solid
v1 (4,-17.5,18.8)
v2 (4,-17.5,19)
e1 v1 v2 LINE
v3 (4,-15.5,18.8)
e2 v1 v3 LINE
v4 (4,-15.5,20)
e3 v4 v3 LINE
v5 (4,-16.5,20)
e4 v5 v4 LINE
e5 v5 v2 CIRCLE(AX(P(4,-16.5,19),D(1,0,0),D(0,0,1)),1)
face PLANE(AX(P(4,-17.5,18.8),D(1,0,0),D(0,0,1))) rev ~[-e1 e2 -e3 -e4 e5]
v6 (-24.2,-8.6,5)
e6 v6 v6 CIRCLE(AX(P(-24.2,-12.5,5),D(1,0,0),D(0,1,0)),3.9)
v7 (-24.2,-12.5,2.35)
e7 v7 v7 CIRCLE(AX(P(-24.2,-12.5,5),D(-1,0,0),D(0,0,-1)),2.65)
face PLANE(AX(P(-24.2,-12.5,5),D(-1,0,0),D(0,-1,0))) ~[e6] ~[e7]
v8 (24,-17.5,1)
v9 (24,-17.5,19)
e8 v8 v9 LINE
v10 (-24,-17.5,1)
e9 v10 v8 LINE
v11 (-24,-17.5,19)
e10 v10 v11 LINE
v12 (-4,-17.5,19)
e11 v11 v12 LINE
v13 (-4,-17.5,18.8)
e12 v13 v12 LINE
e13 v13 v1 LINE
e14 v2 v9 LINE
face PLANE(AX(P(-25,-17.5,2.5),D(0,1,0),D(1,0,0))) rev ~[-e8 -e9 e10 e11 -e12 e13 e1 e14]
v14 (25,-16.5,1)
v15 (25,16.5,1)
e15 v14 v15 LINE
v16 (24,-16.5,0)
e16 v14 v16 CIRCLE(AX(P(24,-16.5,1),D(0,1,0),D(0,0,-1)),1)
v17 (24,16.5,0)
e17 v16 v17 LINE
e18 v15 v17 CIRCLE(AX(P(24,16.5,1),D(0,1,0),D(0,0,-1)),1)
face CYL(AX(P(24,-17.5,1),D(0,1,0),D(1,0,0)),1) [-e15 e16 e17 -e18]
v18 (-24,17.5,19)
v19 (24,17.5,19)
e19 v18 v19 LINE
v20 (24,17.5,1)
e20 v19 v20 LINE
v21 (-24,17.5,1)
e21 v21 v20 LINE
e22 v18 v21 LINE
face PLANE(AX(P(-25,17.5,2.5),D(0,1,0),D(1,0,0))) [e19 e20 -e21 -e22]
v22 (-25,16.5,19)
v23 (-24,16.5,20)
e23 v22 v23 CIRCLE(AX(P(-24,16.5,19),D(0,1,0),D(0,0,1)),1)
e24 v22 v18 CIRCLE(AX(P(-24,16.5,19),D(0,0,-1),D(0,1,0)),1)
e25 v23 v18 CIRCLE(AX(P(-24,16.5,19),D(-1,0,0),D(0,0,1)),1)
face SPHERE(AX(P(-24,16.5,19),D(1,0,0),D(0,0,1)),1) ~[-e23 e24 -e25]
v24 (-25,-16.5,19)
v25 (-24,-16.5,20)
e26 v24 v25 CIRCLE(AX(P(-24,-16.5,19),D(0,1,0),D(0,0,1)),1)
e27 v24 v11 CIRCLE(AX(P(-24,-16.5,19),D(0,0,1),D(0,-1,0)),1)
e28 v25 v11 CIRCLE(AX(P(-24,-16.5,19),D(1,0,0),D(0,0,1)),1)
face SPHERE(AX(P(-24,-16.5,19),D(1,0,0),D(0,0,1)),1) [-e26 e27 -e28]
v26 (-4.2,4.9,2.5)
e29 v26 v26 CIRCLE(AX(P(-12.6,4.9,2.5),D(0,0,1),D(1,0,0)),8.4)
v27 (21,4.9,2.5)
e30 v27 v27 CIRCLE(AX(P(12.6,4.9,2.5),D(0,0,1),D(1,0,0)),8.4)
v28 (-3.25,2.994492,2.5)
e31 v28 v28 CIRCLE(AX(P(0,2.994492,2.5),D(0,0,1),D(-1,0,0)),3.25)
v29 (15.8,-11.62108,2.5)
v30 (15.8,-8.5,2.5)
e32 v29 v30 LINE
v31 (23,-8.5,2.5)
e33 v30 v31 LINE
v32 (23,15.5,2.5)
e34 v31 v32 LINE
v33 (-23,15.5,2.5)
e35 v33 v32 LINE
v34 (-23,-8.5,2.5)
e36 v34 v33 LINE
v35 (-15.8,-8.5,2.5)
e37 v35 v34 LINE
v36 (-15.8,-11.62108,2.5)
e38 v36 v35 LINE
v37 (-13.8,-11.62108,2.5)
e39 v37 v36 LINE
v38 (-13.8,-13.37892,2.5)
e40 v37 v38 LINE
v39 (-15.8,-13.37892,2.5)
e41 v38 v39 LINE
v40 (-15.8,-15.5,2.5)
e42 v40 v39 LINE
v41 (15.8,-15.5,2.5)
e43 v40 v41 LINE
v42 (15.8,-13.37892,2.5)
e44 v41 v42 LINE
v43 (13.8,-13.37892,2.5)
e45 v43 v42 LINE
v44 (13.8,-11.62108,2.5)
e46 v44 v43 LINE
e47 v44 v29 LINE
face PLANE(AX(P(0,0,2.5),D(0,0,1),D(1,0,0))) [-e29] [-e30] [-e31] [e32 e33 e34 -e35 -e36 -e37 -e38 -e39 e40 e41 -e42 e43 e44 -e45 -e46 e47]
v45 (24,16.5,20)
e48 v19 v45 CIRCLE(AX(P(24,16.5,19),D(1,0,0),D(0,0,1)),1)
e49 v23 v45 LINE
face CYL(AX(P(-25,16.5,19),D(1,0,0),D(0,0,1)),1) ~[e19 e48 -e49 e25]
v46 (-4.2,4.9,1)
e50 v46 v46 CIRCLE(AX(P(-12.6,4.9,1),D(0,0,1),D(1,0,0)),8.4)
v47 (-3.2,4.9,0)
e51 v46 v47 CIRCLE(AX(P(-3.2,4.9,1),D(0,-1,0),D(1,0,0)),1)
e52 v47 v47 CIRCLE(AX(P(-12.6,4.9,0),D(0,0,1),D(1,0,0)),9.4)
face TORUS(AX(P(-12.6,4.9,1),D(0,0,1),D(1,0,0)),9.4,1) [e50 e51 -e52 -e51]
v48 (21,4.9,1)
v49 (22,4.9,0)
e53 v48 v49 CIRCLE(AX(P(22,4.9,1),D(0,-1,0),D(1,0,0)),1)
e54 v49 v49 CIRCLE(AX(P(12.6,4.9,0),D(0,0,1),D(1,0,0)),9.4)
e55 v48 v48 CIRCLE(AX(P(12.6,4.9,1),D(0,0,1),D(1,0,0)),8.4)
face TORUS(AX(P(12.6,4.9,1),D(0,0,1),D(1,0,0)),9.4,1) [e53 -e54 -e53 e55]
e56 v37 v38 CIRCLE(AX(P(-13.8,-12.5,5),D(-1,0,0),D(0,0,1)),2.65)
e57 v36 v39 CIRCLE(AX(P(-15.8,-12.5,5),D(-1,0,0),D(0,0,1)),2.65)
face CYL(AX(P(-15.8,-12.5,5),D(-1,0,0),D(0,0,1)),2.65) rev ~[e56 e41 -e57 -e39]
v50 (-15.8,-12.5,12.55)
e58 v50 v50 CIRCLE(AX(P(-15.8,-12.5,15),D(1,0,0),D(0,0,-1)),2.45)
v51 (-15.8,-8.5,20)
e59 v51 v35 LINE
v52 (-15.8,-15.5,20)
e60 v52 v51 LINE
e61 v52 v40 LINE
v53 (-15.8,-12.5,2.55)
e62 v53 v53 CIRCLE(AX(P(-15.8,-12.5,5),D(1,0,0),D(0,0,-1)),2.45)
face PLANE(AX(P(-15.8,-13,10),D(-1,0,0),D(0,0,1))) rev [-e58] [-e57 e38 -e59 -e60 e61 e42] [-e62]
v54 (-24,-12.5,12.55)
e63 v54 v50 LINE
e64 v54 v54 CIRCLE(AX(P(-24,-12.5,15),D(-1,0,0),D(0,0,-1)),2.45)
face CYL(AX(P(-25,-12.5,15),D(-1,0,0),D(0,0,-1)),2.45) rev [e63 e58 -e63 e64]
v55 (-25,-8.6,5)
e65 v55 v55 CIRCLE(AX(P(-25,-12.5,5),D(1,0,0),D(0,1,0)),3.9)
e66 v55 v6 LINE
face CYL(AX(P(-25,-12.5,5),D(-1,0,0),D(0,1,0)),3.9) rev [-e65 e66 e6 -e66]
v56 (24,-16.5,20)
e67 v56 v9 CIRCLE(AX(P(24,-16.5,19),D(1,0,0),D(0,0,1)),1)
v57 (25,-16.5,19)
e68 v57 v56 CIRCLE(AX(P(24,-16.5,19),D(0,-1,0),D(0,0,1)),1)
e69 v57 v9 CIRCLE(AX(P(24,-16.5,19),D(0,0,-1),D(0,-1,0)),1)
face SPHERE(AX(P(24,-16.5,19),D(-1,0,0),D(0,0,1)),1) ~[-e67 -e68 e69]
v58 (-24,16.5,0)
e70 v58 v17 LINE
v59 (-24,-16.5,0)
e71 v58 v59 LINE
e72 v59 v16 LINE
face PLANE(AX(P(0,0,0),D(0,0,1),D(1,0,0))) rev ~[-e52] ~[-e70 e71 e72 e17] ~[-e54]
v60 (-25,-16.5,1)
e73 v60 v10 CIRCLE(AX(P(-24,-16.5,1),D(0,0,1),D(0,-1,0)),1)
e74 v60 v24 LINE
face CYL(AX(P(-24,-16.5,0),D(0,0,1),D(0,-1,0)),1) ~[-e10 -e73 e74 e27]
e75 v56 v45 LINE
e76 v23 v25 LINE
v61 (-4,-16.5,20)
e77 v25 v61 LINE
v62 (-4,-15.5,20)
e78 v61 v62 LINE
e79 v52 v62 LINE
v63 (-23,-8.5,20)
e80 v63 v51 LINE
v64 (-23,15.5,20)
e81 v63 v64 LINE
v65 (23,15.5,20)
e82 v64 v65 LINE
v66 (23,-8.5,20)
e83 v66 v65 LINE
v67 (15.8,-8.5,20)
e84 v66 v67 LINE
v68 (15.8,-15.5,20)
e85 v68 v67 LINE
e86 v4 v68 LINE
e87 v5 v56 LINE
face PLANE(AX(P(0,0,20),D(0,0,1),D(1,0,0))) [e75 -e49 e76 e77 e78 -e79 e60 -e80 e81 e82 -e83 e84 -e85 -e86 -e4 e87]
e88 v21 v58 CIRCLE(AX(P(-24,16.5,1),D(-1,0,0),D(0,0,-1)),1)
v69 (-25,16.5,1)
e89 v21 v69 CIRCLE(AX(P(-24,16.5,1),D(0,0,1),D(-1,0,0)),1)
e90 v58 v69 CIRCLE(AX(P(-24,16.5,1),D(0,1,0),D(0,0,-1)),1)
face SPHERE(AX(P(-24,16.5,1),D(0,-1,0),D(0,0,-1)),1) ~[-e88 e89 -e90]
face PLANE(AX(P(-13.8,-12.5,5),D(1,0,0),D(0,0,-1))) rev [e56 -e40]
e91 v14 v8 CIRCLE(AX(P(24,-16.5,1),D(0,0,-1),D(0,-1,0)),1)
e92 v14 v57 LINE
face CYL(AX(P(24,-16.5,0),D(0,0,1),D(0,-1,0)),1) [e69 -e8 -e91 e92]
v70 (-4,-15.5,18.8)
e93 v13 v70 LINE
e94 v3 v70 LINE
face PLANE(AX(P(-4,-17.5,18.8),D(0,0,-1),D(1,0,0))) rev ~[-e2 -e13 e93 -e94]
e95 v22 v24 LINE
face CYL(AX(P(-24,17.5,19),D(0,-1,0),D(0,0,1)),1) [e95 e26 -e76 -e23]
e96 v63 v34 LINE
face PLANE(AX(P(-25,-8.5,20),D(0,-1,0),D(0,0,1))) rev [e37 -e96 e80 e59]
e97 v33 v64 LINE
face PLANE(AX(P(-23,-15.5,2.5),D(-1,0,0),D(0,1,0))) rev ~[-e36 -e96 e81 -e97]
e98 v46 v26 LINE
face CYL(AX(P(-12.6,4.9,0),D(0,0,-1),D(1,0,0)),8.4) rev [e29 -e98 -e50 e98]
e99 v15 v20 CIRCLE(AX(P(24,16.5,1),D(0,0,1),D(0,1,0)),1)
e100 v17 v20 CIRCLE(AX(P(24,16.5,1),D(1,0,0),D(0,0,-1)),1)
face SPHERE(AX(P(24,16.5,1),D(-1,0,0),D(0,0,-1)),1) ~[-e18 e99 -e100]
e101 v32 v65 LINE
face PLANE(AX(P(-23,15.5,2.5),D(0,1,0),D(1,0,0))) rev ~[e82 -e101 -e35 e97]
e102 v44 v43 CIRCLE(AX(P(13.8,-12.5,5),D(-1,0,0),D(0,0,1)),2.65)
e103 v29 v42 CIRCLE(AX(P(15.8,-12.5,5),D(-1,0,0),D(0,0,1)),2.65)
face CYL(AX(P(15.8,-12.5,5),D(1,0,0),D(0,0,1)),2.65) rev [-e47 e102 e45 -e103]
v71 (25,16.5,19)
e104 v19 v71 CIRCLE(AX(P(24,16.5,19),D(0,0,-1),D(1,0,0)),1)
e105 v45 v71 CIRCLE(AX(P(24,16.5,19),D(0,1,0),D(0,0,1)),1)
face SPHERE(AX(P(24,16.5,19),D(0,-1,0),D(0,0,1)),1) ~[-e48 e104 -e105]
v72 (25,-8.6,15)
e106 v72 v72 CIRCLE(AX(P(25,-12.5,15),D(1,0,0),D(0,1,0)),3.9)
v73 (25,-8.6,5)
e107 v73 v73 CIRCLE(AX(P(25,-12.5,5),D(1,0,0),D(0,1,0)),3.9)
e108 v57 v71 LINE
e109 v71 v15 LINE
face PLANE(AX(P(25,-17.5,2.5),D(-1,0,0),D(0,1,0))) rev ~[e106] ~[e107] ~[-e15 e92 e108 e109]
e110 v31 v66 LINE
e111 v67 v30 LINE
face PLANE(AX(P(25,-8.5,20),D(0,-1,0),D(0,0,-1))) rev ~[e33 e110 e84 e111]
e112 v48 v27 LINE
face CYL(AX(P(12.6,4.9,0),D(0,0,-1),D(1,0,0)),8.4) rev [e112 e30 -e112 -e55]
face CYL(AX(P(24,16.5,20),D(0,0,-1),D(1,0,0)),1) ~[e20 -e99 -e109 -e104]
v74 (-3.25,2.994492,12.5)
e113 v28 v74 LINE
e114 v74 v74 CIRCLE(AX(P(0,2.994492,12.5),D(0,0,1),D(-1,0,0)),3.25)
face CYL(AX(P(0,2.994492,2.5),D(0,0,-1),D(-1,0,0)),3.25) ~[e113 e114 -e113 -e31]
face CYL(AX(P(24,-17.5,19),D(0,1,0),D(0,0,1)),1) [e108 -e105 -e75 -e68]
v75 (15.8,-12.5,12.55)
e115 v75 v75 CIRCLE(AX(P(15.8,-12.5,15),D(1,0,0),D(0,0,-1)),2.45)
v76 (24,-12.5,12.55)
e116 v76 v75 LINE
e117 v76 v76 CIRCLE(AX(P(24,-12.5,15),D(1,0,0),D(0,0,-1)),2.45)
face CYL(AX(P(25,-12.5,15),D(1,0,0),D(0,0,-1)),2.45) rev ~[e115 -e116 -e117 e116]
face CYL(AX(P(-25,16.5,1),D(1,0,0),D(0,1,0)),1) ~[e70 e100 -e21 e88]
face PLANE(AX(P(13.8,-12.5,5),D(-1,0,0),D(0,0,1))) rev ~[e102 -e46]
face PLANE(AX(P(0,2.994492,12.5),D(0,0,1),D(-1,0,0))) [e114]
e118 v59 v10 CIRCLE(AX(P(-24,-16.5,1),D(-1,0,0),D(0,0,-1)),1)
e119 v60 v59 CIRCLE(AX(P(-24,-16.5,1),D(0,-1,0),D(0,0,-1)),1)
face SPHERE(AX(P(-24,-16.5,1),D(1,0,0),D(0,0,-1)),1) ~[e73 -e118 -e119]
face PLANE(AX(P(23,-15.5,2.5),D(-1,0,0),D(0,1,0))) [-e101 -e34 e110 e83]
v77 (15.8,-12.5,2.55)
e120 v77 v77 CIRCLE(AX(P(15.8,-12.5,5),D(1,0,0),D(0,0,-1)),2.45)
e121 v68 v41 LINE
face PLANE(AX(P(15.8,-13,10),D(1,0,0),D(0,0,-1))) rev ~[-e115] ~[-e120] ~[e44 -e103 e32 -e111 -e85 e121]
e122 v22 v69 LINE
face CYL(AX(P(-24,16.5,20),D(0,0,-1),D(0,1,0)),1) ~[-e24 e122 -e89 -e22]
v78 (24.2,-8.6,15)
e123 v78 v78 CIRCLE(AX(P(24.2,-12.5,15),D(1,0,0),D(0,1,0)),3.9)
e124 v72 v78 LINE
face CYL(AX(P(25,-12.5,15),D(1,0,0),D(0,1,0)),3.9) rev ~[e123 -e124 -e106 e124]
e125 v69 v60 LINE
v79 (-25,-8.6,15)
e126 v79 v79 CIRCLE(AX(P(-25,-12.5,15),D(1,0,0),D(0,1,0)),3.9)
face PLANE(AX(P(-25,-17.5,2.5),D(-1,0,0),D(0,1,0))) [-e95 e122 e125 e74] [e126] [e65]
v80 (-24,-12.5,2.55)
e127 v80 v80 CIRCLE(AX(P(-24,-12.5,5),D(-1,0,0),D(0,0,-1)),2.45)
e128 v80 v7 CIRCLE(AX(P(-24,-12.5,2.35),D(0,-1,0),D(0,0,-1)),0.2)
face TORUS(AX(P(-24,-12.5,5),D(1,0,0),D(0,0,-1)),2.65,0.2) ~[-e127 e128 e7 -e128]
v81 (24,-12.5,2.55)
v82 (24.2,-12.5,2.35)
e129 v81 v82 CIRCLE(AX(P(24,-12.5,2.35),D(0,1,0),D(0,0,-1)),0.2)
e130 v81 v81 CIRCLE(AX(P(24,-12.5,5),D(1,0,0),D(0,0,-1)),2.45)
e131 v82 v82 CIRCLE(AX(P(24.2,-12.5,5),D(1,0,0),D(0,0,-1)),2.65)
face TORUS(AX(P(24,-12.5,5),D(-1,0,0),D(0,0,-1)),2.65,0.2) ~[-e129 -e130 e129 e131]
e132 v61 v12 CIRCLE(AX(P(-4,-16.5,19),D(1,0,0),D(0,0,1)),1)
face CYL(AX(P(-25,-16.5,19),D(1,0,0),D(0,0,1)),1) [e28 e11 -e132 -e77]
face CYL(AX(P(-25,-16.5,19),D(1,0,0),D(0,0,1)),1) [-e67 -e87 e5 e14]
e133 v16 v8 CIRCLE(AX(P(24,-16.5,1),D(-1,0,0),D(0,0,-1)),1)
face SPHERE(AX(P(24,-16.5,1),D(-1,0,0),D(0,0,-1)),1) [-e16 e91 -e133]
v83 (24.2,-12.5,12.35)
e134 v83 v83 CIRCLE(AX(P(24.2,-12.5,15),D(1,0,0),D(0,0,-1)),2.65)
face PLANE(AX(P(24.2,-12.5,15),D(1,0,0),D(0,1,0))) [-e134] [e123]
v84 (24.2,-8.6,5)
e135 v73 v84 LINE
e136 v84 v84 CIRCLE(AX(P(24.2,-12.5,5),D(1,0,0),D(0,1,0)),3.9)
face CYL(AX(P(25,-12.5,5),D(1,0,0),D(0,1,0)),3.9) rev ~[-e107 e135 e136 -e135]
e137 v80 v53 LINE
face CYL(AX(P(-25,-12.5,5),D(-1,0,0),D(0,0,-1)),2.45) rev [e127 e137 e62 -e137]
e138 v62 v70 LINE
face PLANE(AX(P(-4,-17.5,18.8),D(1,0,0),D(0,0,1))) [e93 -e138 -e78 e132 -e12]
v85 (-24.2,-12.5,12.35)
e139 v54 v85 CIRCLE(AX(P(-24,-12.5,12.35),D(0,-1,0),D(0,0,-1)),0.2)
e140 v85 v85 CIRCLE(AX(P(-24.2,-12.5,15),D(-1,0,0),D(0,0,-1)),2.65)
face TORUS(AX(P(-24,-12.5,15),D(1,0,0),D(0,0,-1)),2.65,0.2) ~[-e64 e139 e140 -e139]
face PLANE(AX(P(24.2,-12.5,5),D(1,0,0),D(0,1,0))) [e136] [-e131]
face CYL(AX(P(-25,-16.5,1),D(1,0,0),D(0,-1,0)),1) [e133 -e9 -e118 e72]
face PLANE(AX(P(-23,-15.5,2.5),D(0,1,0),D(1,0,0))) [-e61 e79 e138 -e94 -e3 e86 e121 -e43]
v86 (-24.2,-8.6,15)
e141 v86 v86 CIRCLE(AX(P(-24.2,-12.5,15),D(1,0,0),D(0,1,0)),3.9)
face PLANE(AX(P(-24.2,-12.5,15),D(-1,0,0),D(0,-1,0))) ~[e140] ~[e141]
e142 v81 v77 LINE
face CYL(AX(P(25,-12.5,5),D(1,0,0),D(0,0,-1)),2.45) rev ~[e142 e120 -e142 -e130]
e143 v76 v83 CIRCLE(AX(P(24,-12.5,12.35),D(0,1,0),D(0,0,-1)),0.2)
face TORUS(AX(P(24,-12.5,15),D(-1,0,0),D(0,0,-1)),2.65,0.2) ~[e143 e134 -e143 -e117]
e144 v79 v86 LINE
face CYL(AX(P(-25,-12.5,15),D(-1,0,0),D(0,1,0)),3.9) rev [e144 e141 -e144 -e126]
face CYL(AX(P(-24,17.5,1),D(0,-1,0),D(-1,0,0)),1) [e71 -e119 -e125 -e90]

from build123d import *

# Parameters (mm, degrees)
SKETCH1_W            = 50
SKETCH1_H            = 35
SKETCH1_R            = 8.4
BOSS_EXTRUDE1_DEPTH  = 2.5
SKETCH2_W            = 50
SKETCH2_H            = 35
SKETCH2_W_2          = 46
SKETCH2_H_2          = 31
BOSS_EXTRUDE2_DEPTH  = 17.5
SKETCH3_R            = 3.25
BOSS_EXTRUDE3_DEPTH  = 10
SKETCH5_W            = 20
SKETCH5_H            = 9
BOSS_EXTRUDE4_DEPTH  = 9.2
SKETCH4_R            = 2.45
CUT_EXTRUDE1_DEPTH   = 9.2
SKETCH6_R            = 2.65
CUT_EXTRUDE2_DEPTH   = 2
SKETCH7_R            = 3.9
CUT_EXTRUDE3_DEPTH   = 0.8
FILLET1_R            = 0.2
FILLET1_OF_MIRROR1_R = 0.2
FILLET2_R            = 1
SKETCH8_W            = 8
SKETCH8_H            = 2.4
CUT_EXTRUDE4_DEPTH   = 6.8


with BuildPart() as part:
    # Sketch1 → Boss-Extrude1 (new body)
    with BuildSketch(Plane.XY):
        Rectangle(SKETCH1_W, SKETCH1_H)
        with Locations((-12.6, 4.9)):
            Circle(SKETCH1_R, mode=Mode.SUBTRACT)
        with Locations((12.6, 4.9)):
            Circle(SKETCH1_R, mode=Mode.SUBTRACT)
    extrude(amount=BOSS_EXTRUDE1_DEPTH)

    # Sketch2 → Boss-Extrude2 (add)
    with BuildSketch(Plane.XY.offset(2.5)):
        Rectangle(SKETCH2_W, SKETCH2_H)
        Rectangle(SKETCH2_W_2, SKETCH2_H_2, mode=Mode.SUBTRACT)
    extrude(amount=BOSS_EXTRUDE2_DEPTH)

    # Sketch3 → Boss-Extrude3 (add)
    with BuildSketch(Plane.XY.offset(2.5)):
        with Locations(Location((0, 2.994491696, 0), (0, 0, 180))):
            Circle(SKETCH3_R)
    extrude(amount=BOSS_EXTRUDE3_DEPTH)

    # Sketch5 → Boss-Extrude4 (add)
    with BuildSketch(Plane(origin=(25, 0, 0), x_dir=(0, 0, -1), z_dir=(1, 0, 0))):
        with Locations((-10, -13)):
            Rectangle(SKETCH5_W, SKETCH5_H)
    boss_extrude4 = extrude(amount=-BOSS_EXTRUDE4_DEPTH)

    # Sketch4 → Cut-Extrude1 (cut)
    with BuildSketch(Plane(origin=(25, 0, 0), x_dir=(0, 0, -1), z_dir=(1, 0, 0))):
        with Locations((-5, -12.5)):
            Circle(SKETCH4_R)
        with Locations((-15, -12.5)):
            Circle(SKETCH4_R)
    cut_extrude1 = extrude(amount=-CUT_EXTRUDE1_DEPTH, mode=Mode.SUBTRACT)

    # Sketch6 → Cut-Extrude2 (cut)
    with BuildSketch(Plane.ZY.offset(-15.8)):
        with Locations((5, -12.5)):
            Circle(SKETCH6_R)
    cut_extrude2 = extrude(amount=CUT_EXTRUDE2_DEPTH, mode=Mode.SUBTRACT)

    # Sketch7 → Cut-Extrude3 (cut)
    with BuildSketch(Plane(origin=(25, 0, 0), x_dir=(0, 0, -1), z_dir=(1, 0, 0))):
        with Locations(Location((-15, -12.5, 0), (0, 0, 90))):
            Circle(SKETCH7_R)
        with Locations(Location((-5, -12.5, 0), (0, 0, 90))):
            Circle(SKETCH7_R)
    cut_extrude3 = extrude(amount=-CUT_EXTRUDE3_DEPTH, mode=Mode.SUBTRACT)

    # Fillet1
    fillet1_edges = [part.edges().sort_by_distance(p)[0] for p in [
        (24.2, -12.5, 17.45),
        (24.2, -12.5, 7.45),
    ]]
    fillet(fillet1_edges, radius=FILLET1_R)

    # Mirror1: Boss-Extrude4, Cut-Extrude1, Cut-Extrude2, Cut-Extrude3 across plane
    add(boss_extrude4.mirror(Plane(origin=(0, 0, 0), x_dir=(0, 0, 1), z_dir=(1, 0, 0))))
    add(cut_extrude1.mirror(Plane(origin=(0, 0, 0), x_dir=(0, 0, 1), z_dir=(1, 0, 0))), mode=Mode.SUBTRACT)
    add(cut_extrude2.mirror(Plane(origin=(0, 0, 0), x_dir=(0, 0, 1), z_dir=(1, 0, 0))), mode=Mode.SUBTRACT)
    add(cut_extrude3.mirror(Plane(origin=(0, 0, 0), x_dir=(0, 0, 1), z_dir=(1, 0, 0))), mode=Mode.SUBTRACT)

    # Fillet1 of Mirror1
    fillet1_of_mirror1_edges = [part.edges().sort_by_distance(p)[0] for p in [
        (-24.2, -12.5, 17.45),
        (-24.2, -12.5, 7.45),
    ]]
    fillet(fillet1_of_mirror1_edges, radius=FILLET1_OF_MIRROR1_R)

    # Fillet2
    fillet2_edges = [part.edges().sort_by_distance(p)[0] for p in [
        (-21, 4.9, 0),
        (4.2, 4.9, 0),
        (0, -17.5, 20),
        (25, 0, 20),
        (0, 17.5, 20),
        (-25, 0, 20),
        (0, -17.5, 0),
        (-25, 0, 0),
        (0, 17.5, 0),
        (25, 0, 0),
        (25, -17.5, 10),
        (-25, -17.5, 10),
        (-25, 17.5, 10),
        (25, 17.5, 10),
    ]]
    fillet(fillet2_edges, radius=FILLET2_R)

    # Sketch8 → Cut-Extrude4 (cut)
    with BuildSketch(Plane.XZ.offset(17.5)):
        with Locations((0, 20)):
            Rectangle(SKETCH8_W, SKETCH8_H)
    extrude(amount=-CUT_EXTRUDE4_DEPTH, mode=Mode.SUBTRACT)


solid = part.part
